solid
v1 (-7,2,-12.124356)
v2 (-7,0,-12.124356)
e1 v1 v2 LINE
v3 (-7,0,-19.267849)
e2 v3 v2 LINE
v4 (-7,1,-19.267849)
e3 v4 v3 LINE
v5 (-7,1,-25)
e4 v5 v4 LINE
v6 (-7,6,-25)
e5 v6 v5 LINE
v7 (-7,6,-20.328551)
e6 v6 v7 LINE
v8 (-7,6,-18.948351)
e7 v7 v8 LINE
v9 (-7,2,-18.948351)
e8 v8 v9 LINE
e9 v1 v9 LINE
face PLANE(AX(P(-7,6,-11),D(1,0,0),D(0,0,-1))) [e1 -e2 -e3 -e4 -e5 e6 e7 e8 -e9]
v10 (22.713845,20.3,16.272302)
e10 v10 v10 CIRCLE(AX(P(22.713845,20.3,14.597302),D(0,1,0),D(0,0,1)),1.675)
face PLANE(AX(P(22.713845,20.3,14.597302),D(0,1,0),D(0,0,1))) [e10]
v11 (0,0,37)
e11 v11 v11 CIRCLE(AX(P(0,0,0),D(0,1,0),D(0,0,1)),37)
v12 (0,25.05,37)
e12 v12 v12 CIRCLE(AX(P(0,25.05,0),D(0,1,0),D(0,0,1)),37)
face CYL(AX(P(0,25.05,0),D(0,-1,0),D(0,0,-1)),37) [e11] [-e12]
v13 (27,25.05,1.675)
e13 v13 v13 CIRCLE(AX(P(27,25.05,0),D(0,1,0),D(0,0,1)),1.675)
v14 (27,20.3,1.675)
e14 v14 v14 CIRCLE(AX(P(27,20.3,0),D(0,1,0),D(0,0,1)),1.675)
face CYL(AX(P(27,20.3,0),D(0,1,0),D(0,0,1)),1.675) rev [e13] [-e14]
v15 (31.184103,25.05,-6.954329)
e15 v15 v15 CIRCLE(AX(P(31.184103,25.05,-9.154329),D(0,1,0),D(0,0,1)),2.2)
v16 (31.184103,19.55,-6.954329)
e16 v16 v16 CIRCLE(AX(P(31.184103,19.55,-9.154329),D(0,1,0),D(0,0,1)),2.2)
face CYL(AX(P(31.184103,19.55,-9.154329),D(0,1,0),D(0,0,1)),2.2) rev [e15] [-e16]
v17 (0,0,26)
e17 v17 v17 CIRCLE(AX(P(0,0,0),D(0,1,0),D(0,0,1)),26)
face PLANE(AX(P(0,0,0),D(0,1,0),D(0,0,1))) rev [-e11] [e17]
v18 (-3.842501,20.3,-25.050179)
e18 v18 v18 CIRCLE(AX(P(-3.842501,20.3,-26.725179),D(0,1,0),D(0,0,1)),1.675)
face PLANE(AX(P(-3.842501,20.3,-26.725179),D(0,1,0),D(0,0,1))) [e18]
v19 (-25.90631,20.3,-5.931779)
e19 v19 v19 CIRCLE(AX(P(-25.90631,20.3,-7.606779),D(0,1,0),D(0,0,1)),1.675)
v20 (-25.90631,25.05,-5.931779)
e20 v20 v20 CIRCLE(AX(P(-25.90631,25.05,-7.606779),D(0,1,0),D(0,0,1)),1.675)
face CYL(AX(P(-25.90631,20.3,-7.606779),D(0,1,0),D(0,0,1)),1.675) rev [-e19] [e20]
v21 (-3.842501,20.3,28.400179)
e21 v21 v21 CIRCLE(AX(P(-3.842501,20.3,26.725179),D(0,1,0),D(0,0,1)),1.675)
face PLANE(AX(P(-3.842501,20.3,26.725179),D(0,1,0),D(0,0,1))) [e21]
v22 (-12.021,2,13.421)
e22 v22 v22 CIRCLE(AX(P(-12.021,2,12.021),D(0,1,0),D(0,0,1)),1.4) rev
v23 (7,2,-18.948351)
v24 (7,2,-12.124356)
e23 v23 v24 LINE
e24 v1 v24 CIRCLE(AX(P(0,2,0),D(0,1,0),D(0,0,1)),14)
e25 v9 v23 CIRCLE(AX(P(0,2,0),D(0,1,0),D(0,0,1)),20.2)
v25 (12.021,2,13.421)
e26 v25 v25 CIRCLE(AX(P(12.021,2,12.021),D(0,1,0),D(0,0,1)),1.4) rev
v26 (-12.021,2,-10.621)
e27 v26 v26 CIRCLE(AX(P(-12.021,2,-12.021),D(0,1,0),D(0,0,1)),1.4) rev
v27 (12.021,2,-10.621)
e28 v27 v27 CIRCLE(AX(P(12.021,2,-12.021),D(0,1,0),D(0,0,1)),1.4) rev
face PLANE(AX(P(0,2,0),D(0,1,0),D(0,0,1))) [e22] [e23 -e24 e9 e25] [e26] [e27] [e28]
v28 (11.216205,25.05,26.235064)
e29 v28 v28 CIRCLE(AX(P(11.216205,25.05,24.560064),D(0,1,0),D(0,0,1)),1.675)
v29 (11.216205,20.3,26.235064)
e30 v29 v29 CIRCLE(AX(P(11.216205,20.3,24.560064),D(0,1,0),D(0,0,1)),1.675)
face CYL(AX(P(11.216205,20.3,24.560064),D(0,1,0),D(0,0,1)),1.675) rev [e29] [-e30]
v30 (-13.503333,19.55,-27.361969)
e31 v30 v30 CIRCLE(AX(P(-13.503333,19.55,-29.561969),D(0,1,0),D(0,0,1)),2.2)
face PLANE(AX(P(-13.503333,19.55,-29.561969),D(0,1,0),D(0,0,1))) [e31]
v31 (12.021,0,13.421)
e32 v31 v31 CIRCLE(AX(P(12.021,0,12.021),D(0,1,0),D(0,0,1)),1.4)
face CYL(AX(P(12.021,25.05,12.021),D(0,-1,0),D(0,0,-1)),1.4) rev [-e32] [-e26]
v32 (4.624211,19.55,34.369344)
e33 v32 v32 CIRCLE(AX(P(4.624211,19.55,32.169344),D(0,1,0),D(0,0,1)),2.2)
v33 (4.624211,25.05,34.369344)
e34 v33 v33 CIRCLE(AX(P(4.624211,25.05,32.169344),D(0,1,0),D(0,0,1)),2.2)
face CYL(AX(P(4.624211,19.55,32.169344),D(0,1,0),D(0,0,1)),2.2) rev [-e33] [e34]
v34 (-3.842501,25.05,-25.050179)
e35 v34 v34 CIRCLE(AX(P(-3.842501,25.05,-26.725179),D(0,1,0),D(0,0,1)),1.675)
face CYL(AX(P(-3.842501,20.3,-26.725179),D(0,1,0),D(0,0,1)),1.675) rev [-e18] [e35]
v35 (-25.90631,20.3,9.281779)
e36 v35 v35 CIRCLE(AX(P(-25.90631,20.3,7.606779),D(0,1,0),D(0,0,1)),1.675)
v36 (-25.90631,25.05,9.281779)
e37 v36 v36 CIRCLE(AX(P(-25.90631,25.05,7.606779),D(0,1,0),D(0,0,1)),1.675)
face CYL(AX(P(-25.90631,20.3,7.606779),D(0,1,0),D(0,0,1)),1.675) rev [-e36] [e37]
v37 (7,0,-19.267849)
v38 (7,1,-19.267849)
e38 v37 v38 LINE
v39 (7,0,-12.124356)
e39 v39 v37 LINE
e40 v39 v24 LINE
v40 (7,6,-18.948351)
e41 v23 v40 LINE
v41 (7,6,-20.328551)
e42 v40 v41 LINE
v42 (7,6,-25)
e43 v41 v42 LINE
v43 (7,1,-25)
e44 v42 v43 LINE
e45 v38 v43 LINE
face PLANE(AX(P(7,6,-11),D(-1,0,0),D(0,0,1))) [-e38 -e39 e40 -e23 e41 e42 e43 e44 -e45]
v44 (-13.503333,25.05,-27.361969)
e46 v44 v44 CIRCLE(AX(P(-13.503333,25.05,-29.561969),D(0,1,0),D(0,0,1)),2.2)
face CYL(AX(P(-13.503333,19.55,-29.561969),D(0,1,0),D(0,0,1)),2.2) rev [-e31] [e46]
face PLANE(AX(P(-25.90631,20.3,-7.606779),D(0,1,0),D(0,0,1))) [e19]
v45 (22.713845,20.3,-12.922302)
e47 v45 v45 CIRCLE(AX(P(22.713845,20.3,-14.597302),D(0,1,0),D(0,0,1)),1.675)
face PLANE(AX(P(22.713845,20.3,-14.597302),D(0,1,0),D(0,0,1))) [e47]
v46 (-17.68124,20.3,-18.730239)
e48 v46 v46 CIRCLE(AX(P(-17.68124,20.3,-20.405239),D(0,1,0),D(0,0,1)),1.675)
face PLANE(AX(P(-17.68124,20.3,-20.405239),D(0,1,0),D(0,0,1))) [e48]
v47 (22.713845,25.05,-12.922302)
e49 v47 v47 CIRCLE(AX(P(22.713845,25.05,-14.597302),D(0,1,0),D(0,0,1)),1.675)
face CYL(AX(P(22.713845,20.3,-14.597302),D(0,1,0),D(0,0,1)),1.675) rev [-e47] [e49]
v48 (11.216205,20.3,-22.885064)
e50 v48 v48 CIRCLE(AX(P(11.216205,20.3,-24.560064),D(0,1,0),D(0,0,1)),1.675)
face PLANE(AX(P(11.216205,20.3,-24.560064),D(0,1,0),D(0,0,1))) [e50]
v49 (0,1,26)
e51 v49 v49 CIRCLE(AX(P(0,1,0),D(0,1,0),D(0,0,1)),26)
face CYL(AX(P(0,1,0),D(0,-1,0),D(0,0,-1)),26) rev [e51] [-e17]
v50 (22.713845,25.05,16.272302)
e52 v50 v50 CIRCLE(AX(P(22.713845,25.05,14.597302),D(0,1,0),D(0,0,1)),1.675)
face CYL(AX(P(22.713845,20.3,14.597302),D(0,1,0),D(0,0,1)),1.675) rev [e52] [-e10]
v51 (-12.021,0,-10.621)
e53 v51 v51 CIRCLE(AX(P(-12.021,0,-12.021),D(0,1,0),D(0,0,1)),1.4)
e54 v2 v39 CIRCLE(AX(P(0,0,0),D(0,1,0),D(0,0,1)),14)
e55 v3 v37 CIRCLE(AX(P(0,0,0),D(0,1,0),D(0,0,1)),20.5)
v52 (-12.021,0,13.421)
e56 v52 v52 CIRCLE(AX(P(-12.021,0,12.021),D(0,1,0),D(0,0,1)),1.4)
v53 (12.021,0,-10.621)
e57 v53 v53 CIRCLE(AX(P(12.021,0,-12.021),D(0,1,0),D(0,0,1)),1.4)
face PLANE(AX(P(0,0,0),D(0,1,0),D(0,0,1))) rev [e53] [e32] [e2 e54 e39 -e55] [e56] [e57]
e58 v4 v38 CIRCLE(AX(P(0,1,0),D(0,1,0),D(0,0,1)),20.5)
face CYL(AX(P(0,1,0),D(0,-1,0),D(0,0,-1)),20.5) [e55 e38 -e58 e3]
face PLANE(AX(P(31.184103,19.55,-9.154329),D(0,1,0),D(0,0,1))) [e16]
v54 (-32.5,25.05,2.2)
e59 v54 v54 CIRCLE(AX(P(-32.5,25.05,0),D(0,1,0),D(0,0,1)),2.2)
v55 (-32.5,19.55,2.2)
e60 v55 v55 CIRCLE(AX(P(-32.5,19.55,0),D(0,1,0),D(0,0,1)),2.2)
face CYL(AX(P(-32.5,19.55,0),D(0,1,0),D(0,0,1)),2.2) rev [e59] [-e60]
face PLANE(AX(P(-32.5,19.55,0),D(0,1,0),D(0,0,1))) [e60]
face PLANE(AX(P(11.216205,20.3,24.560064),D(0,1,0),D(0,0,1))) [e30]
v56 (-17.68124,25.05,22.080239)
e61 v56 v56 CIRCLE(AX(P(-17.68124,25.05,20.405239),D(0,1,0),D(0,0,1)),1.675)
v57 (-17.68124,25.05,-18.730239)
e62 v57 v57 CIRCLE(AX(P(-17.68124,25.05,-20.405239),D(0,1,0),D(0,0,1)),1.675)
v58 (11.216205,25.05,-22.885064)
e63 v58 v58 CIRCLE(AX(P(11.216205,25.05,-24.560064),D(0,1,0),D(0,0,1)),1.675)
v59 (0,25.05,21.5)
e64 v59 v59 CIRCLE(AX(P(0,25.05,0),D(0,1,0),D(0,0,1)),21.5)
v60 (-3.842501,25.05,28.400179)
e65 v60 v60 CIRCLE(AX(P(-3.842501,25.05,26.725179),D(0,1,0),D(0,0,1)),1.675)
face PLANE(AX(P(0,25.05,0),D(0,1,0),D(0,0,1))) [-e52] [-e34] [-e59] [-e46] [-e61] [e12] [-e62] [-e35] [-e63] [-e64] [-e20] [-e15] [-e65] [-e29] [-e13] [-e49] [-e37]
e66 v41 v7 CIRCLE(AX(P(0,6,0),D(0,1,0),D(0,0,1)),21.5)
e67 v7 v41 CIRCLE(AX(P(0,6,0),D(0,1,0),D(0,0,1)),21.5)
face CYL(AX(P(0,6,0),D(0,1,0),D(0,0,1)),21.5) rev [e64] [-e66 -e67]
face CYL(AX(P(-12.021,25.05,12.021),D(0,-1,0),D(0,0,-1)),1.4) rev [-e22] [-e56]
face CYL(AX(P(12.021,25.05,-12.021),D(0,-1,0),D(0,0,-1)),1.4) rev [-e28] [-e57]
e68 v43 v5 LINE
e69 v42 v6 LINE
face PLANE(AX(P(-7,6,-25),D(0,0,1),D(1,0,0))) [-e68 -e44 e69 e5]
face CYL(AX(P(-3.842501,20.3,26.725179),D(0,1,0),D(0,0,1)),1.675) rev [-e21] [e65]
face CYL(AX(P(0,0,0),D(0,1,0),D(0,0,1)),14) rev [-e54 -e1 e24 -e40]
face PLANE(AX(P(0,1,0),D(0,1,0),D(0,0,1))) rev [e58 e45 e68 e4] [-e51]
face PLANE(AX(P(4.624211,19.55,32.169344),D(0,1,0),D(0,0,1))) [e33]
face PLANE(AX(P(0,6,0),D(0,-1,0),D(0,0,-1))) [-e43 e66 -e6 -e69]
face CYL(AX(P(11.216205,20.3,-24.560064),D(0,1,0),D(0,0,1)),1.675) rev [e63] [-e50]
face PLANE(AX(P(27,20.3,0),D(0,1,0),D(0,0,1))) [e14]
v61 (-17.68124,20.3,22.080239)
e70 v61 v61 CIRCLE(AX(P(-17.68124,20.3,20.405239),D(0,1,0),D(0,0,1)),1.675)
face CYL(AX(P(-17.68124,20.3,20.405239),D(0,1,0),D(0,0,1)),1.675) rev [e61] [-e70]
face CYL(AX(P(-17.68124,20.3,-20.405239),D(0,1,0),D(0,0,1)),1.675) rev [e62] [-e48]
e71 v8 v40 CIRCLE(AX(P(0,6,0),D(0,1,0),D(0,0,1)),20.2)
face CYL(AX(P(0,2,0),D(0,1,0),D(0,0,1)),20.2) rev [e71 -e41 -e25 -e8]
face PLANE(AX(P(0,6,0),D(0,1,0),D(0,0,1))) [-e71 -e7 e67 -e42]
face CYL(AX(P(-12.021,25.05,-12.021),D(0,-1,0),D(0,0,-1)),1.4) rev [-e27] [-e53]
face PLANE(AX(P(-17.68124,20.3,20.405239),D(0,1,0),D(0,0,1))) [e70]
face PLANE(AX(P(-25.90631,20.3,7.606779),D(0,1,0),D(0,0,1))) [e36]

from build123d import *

# Parameters (mm, degrees)
SKETCH1_R           = 37
BOSS_EXTRUDE1_DEPTH = 25.05
SKETCH2_R           = 21.5
CUT_EXTRUDE1_DEPTH  = 19.05
SKETCH3_R           = 20.2
CUT_EXTRUDE2_DEPTH  = 4
SKETCH4_R           = 14
CUT_EXTRUDE3_DEPTH  = 58.177814754
SKETCH5_W           = 14
SKETCH5_H           = 14
CUT_EXTRUDE4_DEPTH  = 6
SKETCH6_R           = 1.4
CUT_EXTRUDE5_DEPTH  = 59.01295114
SKETCH7_R           = 1.675
CUT_EXTRUDE6_DEPTH  = 4.75
SKETCH8_R           = 2.2
CUT_EXTRUDE7_DEPTH  = 5.5
SKETCH9_R           = 26
SKETCH9_R_2         = 20.5
CUT_EXTRUDE8_DEPTH  = 1


with BuildPart() as part:
    # Sketch1 → Boss-Extrude1 (new body)
    with BuildSketch(Plane(origin=(0, 0, 0), x_dir=(1, 0, 0), z_dir=(0, 1, 0))):
        with Locations(Location((0, 0, 0), (0, 0, 270))):
            Circle(SKETCH1_R)
    extrude(amount=BOSS_EXTRUDE1_DEPTH)

    # Sketch2 → Cut-Extrude1 (cut)
    with BuildSketch(Plane(origin=(0, 25.05, 0), x_dir=(1, 0, 0), z_dir=(0, 1, 0))):
        with Locations(Location((0, 0, 0), (0, 0, 270))):
            Circle(SKETCH2_R)
    extrude(amount=-CUT_EXTRUDE1_DEPTH, mode=Mode.SUBTRACT)

    # Sketch3 → Cut-Extrude2 (cut)
    with BuildSketch(Plane(origin=(0, 6, 0), x_dir=(1, 0, 0), z_dir=(0, 1, 0))):
        with Locations(Location((0, 0, 0), (0, 0, 270))):
            Circle(SKETCH3_R)
    extrude(amount=-CUT_EXTRUDE2_DEPTH, mode=Mode.SUBTRACT)

    # Sketch4 → Cut-Extrude3 (cut, through all)
    with BuildSketch(Plane(origin=(0, 2, 0), x_dir=(1, 0, 0), z_dir=(0, 1, 0))):
        with Locations(Location((0, 0, 0), (0, 0, 270))):
            Circle(SKETCH4_R)
    extrude(amount=-CUT_EXTRUDE3_DEPTH, mode=Mode.SUBTRACT)

    # Sketch5 → Cut-Extrude4 (cut)
    with BuildSketch(Plane(origin=(0, 0, 0), x_dir=(1, 0, 0), z_dir=(0, 1, 0))):
        with Locations((0, 18)):
            Rectangle(SKETCH5_W, SKETCH5_H)
    extrude(amount=CUT_EXTRUDE4_DEPTH, mode=Mode.SUBTRACT)

    # Sketch6 → Cut-Extrude5 (cut, through all)
    with BuildSketch(Plane(origin=(0, 0, 0), x_dir=(1, 0, 0), z_dir=(0, 1, 0))):
        with Locations(Location((12.021, 12.021, 0), (0, 0, 270))):
            Circle(SKETCH6_R)
        with Locations(Location((12.021, -12.021, 0), (0, 0, 270))):
            Circle(SKETCH6_R)
        with Locations(Location((-12.021, -12.021, 0), (0, 0, 270))):
            Circle(SKETCH6_R)
        with Locations(Location((-12.021, 12.021, 0), (0, 0, 270))):
            Circle(SKETCH6_R)
    extrude(amount=CUT_EXTRUDE5_DEPTH, mode=Mode.SUBTRACT)

    # Sketch7 → Cut-Extrude6 (cut)
    with BuildSketch(Plane(origin=(0, 25.05, 0), x_dir=(1, 0, 0), z_dir=(0, 1, 0))):
        with Locations(Location((27, 0, 0), (0, 0, 270))):
            Circle(SKETCH7_R)
        with Locations(Location((22.713845386, -14.597302071, 0), (0, 0, 270))):
            Circle(SKETCH7_R)
        with Locations(Location((11.216205351, -24.560063875, 0), (0, 0, 270))):
            Circle(SKETCH7_R)
        with Locations(Location((-3.842500633, -26.725178931, 0), (0, 0, 270))):
            Circle(SKETCH7_R)
        with Locations(Location((-17.681239817, -20.405238508, 0), (0, 0, 270))):
            Circle(SKETCH7_R)
        with Locations(Location((-25.906310288, -7.606779035, 0), (0, 0, 270))):
            Circle(SKETCH7_R)
        with Locations(Location((-25.906310288, 7.606779035, 0), (0, 0, 270))):
            Circle(SKETCH7_R)
        with Locations(Location((-17.681239817, 20.405238508, 0), (0, 0, 270))):
            Circle(SKETCH7_R)
        with Locations(Location((-3.842500633, 26.725178931, 0), (0, 0, 270))):
            Circle(SKETCH7_R)
        with Locations(Location((11.216205351, 24.560063875, 0), (0, 0, 270))):
            Circle(SKETCH7_R)
        with Locations(Location((22.713845386, 14.597302071, 0), (0, 0, 270))):
            Circle(SKETCH7_R)
    extrude(amount=-CUT_EXTRUDE6_DEPTH, mode=Mode.SUBTRACT)

    # Sketch8 → Cut-Extrude7 (cut)
    with BuildSketch(Plane(origin=(0, 25.05, 0), x_dir=(1, 0, 0), z_dir=(0, 1, 0))):
        with Locations(Location((31.184102699, 9.154328969, 0), (0, 0, 270))):
            Circle(SKETCH8_R)
        with Locations(Location((-13.503333209, 29.56196868, 0), (0, 0, 270))):
            Circle(SKETCH8_R)
        with Locations(Location((-32.5, 0, 0), (0, 0, 270))):
            Circle(SKETCH8_R)
        with Locations(Location((4.624211408, -32.169343619, 0), (0, 0, 270))):
            Circle(SKETCH8_R)
    extrude(amount=-CUT_EXTRUDE7_DEPTH, mode=Mode.SUBTRACT)

    # Sketch9 → Cut-Extrude8 (cut)
    with BuildSketch(Plane(origin=(0, 0, 0), x_dir=(1, 0, 0), z_dir=(0, 1, 0))):
        with Locations(Location((0, 0, 0), (0, 0, 270))):
            Circle(SKETCH9_R)
        Circle(SKETCH9_R_2, mode=Mode.SUBTRACT)
    extrude(amount=CUT_EXTRUDE8_DEPTH, mode=Mode.SUBTRACT)


solid = part.part
